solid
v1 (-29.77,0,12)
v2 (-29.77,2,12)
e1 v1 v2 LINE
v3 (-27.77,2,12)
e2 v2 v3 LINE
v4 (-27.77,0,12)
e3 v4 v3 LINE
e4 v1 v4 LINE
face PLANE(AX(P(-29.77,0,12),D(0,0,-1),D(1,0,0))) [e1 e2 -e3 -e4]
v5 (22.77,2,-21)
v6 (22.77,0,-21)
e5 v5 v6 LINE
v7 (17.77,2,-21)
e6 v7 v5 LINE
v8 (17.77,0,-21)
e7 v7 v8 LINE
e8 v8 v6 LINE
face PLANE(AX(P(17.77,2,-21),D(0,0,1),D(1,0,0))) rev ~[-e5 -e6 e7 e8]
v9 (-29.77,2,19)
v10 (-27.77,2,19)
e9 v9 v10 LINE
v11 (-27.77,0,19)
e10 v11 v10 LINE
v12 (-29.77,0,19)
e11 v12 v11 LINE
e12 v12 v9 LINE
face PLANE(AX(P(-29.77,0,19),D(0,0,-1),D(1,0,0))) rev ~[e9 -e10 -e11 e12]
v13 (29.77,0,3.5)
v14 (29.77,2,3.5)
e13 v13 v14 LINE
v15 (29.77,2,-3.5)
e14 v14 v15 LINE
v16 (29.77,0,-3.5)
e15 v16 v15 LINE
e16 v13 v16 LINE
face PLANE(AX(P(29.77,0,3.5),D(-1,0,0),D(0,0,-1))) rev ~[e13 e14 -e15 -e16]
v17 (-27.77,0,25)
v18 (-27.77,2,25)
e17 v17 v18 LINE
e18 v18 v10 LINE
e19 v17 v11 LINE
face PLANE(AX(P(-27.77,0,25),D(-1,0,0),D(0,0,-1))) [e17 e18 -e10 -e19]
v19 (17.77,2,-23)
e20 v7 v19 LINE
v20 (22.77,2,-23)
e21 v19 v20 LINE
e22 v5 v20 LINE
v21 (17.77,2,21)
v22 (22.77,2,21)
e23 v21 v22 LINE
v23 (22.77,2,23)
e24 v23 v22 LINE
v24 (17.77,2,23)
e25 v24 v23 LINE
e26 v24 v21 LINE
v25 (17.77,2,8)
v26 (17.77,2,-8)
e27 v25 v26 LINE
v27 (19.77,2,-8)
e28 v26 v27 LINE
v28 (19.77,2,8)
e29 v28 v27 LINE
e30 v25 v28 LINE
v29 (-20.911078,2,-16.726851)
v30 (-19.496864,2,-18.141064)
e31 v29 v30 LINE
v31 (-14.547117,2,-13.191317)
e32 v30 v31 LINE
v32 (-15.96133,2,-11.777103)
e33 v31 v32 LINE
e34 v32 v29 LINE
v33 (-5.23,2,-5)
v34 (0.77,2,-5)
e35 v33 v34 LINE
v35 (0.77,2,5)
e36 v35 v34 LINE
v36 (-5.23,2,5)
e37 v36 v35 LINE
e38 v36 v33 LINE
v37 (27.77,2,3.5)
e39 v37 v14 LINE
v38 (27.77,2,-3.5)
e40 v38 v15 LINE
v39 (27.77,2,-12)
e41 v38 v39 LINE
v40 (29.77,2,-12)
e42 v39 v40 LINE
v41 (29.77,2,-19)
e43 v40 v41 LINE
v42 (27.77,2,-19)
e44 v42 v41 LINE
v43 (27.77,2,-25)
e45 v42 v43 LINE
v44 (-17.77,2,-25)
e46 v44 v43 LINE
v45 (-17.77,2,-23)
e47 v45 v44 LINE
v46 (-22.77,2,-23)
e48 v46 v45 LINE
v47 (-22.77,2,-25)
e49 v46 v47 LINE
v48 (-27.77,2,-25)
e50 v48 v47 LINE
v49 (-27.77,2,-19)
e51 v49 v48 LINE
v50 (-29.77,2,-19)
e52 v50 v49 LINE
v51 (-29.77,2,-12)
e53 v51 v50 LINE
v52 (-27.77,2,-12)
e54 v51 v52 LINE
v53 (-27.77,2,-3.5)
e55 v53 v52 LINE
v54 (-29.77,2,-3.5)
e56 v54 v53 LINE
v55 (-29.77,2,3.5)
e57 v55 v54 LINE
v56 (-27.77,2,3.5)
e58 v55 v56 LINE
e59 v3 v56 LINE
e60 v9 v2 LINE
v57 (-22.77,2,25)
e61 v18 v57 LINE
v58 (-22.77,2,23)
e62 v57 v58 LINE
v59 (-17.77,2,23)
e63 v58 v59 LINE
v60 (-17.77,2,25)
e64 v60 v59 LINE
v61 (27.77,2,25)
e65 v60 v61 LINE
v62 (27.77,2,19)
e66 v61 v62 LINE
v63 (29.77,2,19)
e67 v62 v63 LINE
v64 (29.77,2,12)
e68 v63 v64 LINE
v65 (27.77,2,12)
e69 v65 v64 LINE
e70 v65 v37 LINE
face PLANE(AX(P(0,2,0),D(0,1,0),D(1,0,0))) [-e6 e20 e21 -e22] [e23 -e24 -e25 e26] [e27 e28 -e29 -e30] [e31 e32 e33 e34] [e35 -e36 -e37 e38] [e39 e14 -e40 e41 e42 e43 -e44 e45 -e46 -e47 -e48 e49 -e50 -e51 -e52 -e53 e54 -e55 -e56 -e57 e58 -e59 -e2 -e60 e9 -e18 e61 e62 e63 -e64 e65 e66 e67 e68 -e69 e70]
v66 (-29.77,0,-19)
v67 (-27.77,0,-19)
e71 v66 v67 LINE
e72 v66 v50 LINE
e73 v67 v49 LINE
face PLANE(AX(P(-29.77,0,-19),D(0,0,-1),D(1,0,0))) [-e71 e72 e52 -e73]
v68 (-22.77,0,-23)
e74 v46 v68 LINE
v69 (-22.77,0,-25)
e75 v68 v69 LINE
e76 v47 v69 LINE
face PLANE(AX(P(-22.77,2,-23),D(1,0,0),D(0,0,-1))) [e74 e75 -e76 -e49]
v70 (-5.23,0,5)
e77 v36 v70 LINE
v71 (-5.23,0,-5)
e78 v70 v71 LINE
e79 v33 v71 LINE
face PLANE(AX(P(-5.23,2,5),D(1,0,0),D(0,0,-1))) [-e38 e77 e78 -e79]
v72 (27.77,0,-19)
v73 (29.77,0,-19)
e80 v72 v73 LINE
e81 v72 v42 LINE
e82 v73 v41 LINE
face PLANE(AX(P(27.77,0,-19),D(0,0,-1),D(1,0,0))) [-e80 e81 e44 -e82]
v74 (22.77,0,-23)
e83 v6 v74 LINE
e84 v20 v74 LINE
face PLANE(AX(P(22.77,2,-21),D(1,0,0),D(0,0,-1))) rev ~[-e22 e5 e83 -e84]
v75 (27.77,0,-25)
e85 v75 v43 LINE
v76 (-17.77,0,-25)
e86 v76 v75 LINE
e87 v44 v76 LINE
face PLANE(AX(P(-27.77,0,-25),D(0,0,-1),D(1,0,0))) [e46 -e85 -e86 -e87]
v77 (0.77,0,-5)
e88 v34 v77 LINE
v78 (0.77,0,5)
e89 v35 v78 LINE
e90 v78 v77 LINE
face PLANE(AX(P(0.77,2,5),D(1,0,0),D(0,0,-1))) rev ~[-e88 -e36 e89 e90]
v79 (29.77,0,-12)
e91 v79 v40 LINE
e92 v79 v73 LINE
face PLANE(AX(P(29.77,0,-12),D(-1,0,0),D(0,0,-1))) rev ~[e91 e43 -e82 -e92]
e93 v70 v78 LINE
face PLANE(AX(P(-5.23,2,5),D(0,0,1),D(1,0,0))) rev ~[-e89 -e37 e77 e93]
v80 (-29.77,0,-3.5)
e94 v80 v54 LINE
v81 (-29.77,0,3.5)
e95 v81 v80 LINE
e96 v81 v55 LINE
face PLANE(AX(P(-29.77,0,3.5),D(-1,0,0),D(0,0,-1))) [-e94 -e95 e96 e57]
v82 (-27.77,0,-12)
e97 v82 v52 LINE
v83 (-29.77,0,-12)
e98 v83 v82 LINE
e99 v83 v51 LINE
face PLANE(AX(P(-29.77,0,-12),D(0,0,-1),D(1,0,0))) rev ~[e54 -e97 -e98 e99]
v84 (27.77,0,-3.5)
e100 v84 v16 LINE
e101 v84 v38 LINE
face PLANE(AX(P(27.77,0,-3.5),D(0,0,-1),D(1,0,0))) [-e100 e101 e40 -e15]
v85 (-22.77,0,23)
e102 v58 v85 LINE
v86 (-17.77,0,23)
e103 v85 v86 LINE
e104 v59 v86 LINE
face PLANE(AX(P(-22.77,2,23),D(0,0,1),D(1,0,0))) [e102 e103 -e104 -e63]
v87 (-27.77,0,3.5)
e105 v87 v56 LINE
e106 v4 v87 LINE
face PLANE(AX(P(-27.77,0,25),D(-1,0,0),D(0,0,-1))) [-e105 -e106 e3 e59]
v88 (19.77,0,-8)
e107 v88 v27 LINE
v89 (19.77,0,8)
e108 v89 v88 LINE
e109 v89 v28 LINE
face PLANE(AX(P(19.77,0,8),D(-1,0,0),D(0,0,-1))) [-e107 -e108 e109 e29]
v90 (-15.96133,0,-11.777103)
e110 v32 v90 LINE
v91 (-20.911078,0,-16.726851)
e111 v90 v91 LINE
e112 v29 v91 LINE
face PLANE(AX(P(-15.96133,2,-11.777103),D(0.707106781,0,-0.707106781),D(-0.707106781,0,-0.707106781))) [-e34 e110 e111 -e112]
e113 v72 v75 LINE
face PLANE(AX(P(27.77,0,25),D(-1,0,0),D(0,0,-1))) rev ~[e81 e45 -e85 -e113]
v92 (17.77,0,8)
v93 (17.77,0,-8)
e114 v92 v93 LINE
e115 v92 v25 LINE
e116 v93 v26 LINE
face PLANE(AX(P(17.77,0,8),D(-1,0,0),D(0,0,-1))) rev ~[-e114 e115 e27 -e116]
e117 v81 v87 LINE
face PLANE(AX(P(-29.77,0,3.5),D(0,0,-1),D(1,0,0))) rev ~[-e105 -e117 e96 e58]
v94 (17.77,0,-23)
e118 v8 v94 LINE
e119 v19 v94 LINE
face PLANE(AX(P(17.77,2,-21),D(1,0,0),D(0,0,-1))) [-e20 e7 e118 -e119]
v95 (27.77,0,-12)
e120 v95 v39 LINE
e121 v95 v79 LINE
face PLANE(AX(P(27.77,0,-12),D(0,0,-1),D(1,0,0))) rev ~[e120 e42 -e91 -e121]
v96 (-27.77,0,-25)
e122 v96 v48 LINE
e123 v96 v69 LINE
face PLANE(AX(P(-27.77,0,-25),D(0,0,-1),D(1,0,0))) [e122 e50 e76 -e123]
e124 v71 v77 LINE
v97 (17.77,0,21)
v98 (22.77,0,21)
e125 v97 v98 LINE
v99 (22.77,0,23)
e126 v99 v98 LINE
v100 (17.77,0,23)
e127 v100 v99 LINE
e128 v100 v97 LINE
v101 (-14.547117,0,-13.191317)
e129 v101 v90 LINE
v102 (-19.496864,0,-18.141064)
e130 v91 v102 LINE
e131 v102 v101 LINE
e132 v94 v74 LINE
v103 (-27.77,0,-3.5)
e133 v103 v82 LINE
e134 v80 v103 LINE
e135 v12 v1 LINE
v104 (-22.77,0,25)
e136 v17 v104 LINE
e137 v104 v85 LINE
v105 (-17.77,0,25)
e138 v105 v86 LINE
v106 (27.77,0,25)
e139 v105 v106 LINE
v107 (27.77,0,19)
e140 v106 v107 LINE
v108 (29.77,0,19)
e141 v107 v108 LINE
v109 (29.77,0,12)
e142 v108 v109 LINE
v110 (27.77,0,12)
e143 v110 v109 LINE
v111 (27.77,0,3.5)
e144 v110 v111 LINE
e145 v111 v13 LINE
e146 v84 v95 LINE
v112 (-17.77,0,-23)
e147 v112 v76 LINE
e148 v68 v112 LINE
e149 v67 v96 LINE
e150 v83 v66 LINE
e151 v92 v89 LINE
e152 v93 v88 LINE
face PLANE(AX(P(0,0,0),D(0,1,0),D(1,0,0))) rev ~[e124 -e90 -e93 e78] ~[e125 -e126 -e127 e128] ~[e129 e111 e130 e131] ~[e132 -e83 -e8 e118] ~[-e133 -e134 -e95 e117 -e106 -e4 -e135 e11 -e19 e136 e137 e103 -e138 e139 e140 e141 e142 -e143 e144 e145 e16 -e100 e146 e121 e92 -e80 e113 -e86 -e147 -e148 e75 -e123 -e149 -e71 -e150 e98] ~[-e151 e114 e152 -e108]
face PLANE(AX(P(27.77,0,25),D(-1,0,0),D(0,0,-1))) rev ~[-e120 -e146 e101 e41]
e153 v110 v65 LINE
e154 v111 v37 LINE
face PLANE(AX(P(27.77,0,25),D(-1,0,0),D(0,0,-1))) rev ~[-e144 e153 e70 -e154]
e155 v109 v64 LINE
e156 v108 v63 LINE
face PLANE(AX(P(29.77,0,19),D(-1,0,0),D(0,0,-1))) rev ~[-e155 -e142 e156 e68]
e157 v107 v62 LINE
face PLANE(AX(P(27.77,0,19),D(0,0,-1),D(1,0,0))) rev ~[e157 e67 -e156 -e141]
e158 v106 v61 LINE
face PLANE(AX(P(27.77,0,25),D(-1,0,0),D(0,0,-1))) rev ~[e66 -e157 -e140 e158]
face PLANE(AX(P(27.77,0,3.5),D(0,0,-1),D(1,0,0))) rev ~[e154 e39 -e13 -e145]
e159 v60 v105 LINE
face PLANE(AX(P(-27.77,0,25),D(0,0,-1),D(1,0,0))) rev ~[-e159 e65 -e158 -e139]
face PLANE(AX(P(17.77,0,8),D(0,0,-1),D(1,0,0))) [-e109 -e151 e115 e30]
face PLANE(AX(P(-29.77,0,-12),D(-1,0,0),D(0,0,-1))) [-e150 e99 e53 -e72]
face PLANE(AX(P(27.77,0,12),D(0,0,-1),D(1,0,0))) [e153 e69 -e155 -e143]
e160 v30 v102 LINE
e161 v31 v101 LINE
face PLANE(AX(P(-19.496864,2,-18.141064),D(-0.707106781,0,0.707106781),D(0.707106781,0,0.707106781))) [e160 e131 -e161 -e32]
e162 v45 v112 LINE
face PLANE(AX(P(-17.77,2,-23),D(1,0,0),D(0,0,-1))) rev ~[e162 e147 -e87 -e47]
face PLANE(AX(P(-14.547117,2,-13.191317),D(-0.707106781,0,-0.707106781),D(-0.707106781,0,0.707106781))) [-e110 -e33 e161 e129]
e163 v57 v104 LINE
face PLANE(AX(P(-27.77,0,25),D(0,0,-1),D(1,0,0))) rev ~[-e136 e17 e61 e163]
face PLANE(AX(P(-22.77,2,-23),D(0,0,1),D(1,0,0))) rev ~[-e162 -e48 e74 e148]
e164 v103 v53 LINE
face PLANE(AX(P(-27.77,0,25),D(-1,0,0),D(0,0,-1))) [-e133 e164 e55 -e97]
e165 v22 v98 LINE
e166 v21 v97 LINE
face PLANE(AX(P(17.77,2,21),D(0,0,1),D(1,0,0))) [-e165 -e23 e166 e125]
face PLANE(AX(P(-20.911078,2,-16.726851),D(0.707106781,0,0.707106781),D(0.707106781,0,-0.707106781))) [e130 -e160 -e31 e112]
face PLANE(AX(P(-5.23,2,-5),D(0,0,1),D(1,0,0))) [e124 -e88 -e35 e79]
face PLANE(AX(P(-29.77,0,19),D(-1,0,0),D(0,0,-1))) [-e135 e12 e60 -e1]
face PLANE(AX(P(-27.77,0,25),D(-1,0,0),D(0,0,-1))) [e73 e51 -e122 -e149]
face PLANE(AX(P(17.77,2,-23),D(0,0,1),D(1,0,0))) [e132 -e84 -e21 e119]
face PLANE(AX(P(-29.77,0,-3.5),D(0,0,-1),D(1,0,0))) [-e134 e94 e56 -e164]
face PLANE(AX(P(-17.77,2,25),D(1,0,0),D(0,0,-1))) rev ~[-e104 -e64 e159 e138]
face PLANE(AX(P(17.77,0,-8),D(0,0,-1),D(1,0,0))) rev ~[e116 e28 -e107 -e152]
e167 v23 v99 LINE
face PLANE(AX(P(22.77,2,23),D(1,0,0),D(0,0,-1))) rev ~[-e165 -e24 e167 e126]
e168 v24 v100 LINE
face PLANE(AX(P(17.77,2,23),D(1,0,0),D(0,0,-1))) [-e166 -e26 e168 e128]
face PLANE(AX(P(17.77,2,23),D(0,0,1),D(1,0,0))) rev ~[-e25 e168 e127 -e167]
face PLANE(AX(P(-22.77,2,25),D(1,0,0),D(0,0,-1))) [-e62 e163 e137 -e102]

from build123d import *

# Parameters (mm, degrees)
SKETCH1_W           = 55.54
SKETCH1_H           = 50
SKETCH1_W_2         = 2
SKETCH1_H_2         = 16
SKETCH1_H_3         = 7
BOSS_EXTRUDE1_DEPTH = 2
SKETCH3_W           = 5
SKETCH3_H           = 2
CUT_EXTRUDE1_DEPTH  = 2
SKETCH4_W           = 6
SKETCH4_H           = 10
CUT_EXTRUDE2_DEPTH  = 2
CUT_EXTRUDE3_DEPTH  = 2


with BuildPart() as part:
    # Sketch1 → Boss-Extrude1 (new body)
    # profile 1 of 7: a face of its own
    with BuildSketch(Plane(origin=(0, 0, 0), x_dir=(1, 0, 0), z_dir=(0, 1, 0))):
        Rectangle(SKETCH1_W, SKETCH1_H)
        with Locations((18.77, 0)):
            Rectangle(SKETCH1_W_2, SKETCH1_H_2, mode=Mode.SUBTRACT)
    # profile 2 of 7: a face of its own
    with BuildSketch(Plane(origin=(0, 0, 0), x_dir=(1, 0, 0), z_dir=(0, 1, 0))):
        with Locations((28.77, 0)):
            Rectangle(SKETCH1_W_2, SKETCH1_H_3)
    # profile 3 of 7: a face of its own
    with BuildSketch(Plane(origin=(0, 0, 0), x_dir=(1, 0, 0), z_dir=(0, 1, 0))):
        with Locations((28.77, 15.5)):
            Rectangle(SKETCH1_W_2, SKETCH1_H_3)
    # profile 4 of 7: a face of its own
    with BuildSketch(Plane(origin=(0, 0, 0), x_dir=(1, 0, 0), z_dir=(0, 1, 0))):
        with Locations((28.77, -15.5)):
            Rectangle(SKETCH1_W_2, SKETCH1_H_3)
    # profile 5 of 7: a face of its own
    with BuildSketch(Plane(origin=(0, 0, 0), x_dir=(1, 0, 0), z_dir=(0, 1, 0))):
        with Locations((-28.77, 0)):
            Rectangle(SKETCH1_W_2, SKETCH1_H_3)
    # profile 6 of 7: a face of its own
    with BuildSketch(Plane(origin=(0, 0, 0), x_dir=(1, 0, 0), z_dir=(0, 1, 0))):
        with Locations((-28.77, -15.5)):
            Rectangle(SKETCH1_W_2, SKETCH1_H_3)
    # profile 7 of 7: a face of its own
    with BuildSketch(Plane(origin=(0, 0, 0), x_dir=(1, 0, 0), z_dir=(0, 1, 0))):
        with Locations((-28.77, 15.5)):
            Rectangle(SKETCH1_W_2, SKETCH1_H_3)
    extrude(amount=BOSS_EXTRUDE1_DEPTH)

    # Sketch3 → Cut-Extrude1 (cut)
    with BuildSketch(Plane(origin=(0, 2, 0), x_dir=(1, 0, 0), z_dir=(0, 1, 0))):
        with Locations((20.27, -22)):
            Rectangle(SKETCH3_W, SKETCH3_H)
        with Locations((20.27, 22)):
            Rectangle(SKETCH3_W, SKETCH3_H)
        with Locations((-20.27, 24)):
            Rectangle(SKETCH3_W, SKETCH3_H)
        with Locations((-20.27, -24)):
            Rectangle(SKETCH3_W, SKETCH3_H)
    extrude(amount=-CUT_EXTRUDE1_DEPTH, mode=Mode.SUBTRACT)

    # Sketch4 → Cut-Extrude2 (cut)
    with BuildSketch(Plane(origin=(0, 2, 0), x_dir=(1, 0, 0), z_dir=(0, 1, 0))):
        with Locations((-2.23, 0)):
            Rectangle(SKETCH4_W, SKETCH4_H)
    extrude(amount=-CUT_EXTRUDE2_DEPTH, mode=Mode.SUBTRACT)

    # Sketch5 → Cut-Extrude3 (cut)
    with BuildSketch(Plane(origin=(0, 2, 0), x_dir=(1, 0, 0), z_dir=(0, 1, 0))):
        Polygon((-19.496864222, 18.141064222), (-14.547116754, 13.191316754), (-15.961330317, 11.777103192), (-20.911077785, 16.72685066), align=None)
    extrude(amount=-CUT_EXTRUDE3_DEPTH, mode=Mode.SUBTRACT)


solid = part.part
